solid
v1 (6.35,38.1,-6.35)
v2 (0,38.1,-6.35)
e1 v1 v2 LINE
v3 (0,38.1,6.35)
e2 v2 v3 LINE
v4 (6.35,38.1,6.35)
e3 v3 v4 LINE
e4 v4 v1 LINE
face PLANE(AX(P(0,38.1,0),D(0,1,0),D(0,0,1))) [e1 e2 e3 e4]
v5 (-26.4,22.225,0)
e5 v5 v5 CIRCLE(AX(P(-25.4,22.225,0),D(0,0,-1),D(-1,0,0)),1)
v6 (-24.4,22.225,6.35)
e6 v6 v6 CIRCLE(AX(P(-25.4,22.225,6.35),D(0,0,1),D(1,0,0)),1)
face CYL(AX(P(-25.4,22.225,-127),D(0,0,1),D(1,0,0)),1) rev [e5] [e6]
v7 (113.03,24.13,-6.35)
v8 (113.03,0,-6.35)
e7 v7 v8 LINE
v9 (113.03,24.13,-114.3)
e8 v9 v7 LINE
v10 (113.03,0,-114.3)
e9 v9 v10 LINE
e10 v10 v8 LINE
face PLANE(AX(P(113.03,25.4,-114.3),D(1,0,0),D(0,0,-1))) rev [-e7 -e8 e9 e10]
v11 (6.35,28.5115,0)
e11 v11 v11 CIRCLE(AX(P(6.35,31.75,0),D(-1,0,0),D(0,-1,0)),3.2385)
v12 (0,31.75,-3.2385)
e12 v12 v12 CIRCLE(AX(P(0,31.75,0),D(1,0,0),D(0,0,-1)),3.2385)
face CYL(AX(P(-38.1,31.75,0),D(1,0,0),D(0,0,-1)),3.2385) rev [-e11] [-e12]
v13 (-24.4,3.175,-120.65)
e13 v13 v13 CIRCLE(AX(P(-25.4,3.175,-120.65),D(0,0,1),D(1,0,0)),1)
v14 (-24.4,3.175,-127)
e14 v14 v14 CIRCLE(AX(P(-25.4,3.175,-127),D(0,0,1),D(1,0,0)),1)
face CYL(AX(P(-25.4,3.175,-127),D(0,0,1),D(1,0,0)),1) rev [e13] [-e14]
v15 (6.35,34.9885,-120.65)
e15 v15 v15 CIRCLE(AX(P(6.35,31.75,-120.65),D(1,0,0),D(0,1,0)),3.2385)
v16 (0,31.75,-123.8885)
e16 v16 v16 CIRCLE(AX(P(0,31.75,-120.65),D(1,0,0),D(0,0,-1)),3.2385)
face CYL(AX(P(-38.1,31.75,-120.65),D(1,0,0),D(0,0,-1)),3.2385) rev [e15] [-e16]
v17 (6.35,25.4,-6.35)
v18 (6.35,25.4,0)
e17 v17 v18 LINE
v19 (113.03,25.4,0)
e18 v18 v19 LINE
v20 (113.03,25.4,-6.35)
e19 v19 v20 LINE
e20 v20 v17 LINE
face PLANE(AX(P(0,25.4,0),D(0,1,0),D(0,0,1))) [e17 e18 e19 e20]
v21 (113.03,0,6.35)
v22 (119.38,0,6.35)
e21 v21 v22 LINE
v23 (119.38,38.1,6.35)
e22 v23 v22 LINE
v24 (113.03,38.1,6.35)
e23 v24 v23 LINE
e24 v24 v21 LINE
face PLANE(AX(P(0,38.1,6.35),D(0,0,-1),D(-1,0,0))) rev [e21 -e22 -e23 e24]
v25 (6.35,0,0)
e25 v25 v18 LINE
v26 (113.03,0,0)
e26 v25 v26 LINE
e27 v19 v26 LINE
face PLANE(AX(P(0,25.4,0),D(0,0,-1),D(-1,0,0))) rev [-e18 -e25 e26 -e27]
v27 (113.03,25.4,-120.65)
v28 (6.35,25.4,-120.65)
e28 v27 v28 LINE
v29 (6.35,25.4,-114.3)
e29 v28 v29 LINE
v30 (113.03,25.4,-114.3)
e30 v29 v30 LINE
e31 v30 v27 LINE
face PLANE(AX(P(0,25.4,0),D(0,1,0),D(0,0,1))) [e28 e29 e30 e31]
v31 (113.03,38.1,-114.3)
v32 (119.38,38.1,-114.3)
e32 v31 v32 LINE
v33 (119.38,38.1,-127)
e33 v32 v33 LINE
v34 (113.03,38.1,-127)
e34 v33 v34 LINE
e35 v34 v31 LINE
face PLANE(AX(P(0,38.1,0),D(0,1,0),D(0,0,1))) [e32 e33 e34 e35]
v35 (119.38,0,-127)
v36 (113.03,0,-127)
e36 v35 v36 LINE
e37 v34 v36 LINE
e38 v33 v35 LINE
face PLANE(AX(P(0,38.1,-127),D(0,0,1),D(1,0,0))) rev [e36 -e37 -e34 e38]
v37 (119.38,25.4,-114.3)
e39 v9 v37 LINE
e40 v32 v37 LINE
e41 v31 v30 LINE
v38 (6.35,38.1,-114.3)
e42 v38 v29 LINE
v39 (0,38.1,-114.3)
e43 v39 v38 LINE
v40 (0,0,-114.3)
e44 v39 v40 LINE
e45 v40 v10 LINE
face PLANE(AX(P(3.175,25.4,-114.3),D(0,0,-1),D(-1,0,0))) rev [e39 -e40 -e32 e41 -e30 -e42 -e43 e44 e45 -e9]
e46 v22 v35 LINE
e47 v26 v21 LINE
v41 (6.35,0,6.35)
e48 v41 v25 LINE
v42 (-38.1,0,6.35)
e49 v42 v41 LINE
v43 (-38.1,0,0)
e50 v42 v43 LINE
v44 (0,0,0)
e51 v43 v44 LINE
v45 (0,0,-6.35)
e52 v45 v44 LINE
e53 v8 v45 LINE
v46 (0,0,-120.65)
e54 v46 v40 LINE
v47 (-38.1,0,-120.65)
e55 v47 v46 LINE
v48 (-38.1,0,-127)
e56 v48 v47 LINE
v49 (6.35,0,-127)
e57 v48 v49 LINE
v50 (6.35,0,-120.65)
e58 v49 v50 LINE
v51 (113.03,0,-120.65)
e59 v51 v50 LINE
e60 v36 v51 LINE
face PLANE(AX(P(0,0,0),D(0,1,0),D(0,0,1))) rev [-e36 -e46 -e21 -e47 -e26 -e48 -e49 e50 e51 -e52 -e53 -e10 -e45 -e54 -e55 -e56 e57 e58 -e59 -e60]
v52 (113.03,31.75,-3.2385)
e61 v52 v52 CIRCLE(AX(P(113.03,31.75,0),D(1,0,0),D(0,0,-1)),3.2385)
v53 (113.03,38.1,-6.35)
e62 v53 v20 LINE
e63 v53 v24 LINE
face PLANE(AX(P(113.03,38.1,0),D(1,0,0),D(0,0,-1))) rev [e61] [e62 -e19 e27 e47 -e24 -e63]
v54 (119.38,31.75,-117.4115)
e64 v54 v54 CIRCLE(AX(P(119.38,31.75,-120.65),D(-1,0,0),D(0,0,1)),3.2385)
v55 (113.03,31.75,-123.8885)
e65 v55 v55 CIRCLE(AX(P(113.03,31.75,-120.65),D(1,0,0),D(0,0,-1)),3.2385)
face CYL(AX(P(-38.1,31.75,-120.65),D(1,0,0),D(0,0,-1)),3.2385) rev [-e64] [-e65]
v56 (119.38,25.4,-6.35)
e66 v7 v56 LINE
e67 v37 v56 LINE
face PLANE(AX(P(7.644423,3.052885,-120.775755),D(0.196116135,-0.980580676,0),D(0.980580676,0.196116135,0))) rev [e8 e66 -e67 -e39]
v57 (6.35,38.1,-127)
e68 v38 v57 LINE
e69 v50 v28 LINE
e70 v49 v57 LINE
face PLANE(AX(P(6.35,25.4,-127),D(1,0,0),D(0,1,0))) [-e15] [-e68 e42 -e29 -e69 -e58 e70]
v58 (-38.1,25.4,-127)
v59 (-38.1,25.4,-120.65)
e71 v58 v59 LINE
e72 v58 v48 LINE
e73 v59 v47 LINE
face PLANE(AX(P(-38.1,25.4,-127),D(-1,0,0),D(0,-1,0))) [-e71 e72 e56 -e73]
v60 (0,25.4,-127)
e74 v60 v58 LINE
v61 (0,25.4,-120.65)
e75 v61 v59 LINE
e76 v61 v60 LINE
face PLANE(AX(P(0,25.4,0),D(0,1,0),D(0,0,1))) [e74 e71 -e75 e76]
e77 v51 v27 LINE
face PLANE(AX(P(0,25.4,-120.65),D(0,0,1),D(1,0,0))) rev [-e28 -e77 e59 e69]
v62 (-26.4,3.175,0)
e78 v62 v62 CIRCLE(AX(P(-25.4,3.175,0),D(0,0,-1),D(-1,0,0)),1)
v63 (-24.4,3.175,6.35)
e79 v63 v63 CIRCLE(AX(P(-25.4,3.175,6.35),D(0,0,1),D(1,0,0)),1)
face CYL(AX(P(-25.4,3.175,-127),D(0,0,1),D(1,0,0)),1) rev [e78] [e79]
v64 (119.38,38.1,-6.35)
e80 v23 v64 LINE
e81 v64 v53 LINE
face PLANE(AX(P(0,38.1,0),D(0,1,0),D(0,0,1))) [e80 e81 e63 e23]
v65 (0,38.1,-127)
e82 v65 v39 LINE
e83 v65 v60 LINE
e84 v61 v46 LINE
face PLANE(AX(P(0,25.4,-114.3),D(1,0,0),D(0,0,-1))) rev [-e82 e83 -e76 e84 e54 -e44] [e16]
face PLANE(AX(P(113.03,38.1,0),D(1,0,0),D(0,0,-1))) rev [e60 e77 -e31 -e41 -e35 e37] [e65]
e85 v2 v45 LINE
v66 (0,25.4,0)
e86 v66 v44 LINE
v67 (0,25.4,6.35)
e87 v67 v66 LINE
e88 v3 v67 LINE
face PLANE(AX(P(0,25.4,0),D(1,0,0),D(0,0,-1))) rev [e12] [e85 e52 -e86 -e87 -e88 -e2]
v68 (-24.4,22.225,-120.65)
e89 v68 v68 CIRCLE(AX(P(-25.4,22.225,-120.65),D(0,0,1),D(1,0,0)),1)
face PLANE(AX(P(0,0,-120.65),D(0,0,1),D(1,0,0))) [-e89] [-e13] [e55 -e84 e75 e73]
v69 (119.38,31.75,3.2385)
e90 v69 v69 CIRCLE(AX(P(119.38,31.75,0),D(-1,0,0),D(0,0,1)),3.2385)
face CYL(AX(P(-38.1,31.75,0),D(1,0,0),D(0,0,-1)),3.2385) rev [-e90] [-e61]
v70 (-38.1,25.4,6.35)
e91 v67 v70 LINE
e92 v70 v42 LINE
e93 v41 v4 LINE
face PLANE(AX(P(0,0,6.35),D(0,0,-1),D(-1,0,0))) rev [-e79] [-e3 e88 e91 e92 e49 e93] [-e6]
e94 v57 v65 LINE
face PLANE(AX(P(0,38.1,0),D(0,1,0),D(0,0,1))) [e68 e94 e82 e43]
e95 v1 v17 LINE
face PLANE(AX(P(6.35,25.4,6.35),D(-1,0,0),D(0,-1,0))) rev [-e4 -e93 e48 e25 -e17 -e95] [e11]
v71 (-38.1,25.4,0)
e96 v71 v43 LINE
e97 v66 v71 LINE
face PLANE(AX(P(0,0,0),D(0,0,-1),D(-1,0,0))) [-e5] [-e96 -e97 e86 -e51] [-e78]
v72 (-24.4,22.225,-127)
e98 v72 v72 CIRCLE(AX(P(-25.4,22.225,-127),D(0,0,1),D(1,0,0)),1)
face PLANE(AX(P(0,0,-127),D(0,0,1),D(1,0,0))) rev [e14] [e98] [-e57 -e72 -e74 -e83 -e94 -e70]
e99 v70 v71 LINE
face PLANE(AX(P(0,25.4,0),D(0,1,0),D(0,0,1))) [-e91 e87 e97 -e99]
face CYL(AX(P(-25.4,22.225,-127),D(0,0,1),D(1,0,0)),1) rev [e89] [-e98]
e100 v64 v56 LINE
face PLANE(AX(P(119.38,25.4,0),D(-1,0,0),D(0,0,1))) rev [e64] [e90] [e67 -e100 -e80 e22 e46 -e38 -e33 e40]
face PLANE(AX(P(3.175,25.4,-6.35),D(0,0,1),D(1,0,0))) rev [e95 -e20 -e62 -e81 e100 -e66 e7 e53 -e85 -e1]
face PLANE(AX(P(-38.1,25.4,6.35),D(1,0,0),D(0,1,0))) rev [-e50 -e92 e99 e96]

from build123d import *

# Parameters (mm, degrees)
BOSS_EXTRUDE1_DEPTH     = 25.4
CUT_EXTRUDE1_START      = -6.35
CUT_EXTRUDE1_DEPTH      = 107.95
SKETCH3_W               = 44.45
SKETCH3_H               = 25.4
BOSS_EXTRUDE2_DEPTH     = 6.35
BOSS_EXTRUDE3_START     = -120.65
SKETCH3_2_W             = 44.45
SKETCH3_2_H             = 25.4
BOSS_EXTRUDE3_DEPTH     = 6.35
BOSS_EXTRUDE4_START     = -25.4
SKETCH8_W               = 6.35
SKETCH8_H               = 12.7
BOSS_EXTRUDE4_DEPTH     = 38.1
CUT_EXTRUDE2_DEPTH      = 206.865393886
CUT_EXTRUDE2_DEPTH_BACK = 206.865393886
SKETCH9_R               = 3.2385
SKETCH10_R              = 1.000000032
CUT_EXTRUDE3_DEPTH      = 183.990209847


with BuildPart() as part:
    # Sketch1 → Boss-Extrude1 (new body)
    with BuildSketch(Plane(origin=(0, 0, 0), x_dir=(1, 0, 0), z_dir=(0, 1, 0))):
        Polygon((3.175, 114.3), (0, 114.3), (0, 120.65), (119.38, 120.65), (119.38, 0), (0, 0), (0, 6.35), (3.175, 6.35), (113.03, 6.35), (113.03, 114.3), align=None)
    extrude(amount=BOSS_EXTRUDE1_DEPTH)

    # Sketch2 → Cut-Extrude1 (cut)
    with BuildSketch(Plane.XY.offset(CUT_EXTRUDE1_START)):
        Polygon((119.38, 25.4), (113.03, 24.13), (113.03, 25.4), align=None)
    extrude(amount=-CUT_EXTRUDE1_DEPTH, mode=Mode.SUBTRACT)

    # Sketch3 → Boss-Extrude2 (add)
    with BuildSketch(Plane.XY):
        with Locations((-15.875, 12.7)):
            Rectangle(SKETCH3_W, SKETCH3_H)
    extrude(amount=BOSS_EXTRUDE2_DEPTH)

    # Sketch3<2> → Boss-Extrude3 (add)
    with BuildSketch(Plane.XY.offset(BOSS_EXTRUDE3_START)):
        with Locations((-15.875, 12.7)):
            Rectangle(SKETCH3_2_W, SKETCH3_2_H)
    extrude(amount=-BOSS_EXTRUDE3_DEPTH)

    # Sketch8 → Boss-Extrude4 (add)
    with BuildSketch(Plane(origin=(0, 25.4, 0), x_dir=(1, 0, 0), z_dir=(0, 1, 0)).offset(BOSS_EXTRUDE4_START)):
        with Locations((116.205, 0)):
            Rectangle(SKETCH8_W, SKETCH8_H)
        with Locations((3.175, 0)):
            Rectangle(SKETCH8_W, SKETCH8_H)
        with Locations((3.175, 120.65)):
            Rectangle(SKETCH8_W, SKETCH8_H)
        with Locations((116.205, 120.65)):
            Rectangle(SKETCH8_W, SKETCH8_H)
    extrude(amount=BOSS_EXTRUDE4_DEPTH)

    # Sketch9 → Cut-Extrude2 (cut, two sides: drawn at the far end of the back side and taken through both)
    with BuildSketch(Plane(origin=(119.38, 0, 0), x_dir=(0, 0, -1), z_dir=(1, 0, 0)).offset(-CUT_EXTRUDE2_DEPTH_BACK)):
        with Locations((0, 31.75)):
            Circle(SKETCH9_R)
        with Locations((120.65, 31.75)):
            Circle(SKETCH9_R)
    extrude(amount=CUT_EXTRUDE2_DEPTH + CUT_EXTRUDE2_DEPTH_BACK, mode=Mode.SUBTRACT)

    # Sketch10 → Cut-Extrude3 (cut, through all)
    with BuildSketch(Plane.XY.offset(6.35)):
        with Locations((-25.4, 22.225)):
            Circle(SKETCH10_R)
        with Locations((-25.4, 3.175)):
            Circle(SKETCH10_R)
    extrude(amount=-CUT_EXTRUDE3_DEPTH, mode=Mode.SUBTRACT)


solid = part.part
